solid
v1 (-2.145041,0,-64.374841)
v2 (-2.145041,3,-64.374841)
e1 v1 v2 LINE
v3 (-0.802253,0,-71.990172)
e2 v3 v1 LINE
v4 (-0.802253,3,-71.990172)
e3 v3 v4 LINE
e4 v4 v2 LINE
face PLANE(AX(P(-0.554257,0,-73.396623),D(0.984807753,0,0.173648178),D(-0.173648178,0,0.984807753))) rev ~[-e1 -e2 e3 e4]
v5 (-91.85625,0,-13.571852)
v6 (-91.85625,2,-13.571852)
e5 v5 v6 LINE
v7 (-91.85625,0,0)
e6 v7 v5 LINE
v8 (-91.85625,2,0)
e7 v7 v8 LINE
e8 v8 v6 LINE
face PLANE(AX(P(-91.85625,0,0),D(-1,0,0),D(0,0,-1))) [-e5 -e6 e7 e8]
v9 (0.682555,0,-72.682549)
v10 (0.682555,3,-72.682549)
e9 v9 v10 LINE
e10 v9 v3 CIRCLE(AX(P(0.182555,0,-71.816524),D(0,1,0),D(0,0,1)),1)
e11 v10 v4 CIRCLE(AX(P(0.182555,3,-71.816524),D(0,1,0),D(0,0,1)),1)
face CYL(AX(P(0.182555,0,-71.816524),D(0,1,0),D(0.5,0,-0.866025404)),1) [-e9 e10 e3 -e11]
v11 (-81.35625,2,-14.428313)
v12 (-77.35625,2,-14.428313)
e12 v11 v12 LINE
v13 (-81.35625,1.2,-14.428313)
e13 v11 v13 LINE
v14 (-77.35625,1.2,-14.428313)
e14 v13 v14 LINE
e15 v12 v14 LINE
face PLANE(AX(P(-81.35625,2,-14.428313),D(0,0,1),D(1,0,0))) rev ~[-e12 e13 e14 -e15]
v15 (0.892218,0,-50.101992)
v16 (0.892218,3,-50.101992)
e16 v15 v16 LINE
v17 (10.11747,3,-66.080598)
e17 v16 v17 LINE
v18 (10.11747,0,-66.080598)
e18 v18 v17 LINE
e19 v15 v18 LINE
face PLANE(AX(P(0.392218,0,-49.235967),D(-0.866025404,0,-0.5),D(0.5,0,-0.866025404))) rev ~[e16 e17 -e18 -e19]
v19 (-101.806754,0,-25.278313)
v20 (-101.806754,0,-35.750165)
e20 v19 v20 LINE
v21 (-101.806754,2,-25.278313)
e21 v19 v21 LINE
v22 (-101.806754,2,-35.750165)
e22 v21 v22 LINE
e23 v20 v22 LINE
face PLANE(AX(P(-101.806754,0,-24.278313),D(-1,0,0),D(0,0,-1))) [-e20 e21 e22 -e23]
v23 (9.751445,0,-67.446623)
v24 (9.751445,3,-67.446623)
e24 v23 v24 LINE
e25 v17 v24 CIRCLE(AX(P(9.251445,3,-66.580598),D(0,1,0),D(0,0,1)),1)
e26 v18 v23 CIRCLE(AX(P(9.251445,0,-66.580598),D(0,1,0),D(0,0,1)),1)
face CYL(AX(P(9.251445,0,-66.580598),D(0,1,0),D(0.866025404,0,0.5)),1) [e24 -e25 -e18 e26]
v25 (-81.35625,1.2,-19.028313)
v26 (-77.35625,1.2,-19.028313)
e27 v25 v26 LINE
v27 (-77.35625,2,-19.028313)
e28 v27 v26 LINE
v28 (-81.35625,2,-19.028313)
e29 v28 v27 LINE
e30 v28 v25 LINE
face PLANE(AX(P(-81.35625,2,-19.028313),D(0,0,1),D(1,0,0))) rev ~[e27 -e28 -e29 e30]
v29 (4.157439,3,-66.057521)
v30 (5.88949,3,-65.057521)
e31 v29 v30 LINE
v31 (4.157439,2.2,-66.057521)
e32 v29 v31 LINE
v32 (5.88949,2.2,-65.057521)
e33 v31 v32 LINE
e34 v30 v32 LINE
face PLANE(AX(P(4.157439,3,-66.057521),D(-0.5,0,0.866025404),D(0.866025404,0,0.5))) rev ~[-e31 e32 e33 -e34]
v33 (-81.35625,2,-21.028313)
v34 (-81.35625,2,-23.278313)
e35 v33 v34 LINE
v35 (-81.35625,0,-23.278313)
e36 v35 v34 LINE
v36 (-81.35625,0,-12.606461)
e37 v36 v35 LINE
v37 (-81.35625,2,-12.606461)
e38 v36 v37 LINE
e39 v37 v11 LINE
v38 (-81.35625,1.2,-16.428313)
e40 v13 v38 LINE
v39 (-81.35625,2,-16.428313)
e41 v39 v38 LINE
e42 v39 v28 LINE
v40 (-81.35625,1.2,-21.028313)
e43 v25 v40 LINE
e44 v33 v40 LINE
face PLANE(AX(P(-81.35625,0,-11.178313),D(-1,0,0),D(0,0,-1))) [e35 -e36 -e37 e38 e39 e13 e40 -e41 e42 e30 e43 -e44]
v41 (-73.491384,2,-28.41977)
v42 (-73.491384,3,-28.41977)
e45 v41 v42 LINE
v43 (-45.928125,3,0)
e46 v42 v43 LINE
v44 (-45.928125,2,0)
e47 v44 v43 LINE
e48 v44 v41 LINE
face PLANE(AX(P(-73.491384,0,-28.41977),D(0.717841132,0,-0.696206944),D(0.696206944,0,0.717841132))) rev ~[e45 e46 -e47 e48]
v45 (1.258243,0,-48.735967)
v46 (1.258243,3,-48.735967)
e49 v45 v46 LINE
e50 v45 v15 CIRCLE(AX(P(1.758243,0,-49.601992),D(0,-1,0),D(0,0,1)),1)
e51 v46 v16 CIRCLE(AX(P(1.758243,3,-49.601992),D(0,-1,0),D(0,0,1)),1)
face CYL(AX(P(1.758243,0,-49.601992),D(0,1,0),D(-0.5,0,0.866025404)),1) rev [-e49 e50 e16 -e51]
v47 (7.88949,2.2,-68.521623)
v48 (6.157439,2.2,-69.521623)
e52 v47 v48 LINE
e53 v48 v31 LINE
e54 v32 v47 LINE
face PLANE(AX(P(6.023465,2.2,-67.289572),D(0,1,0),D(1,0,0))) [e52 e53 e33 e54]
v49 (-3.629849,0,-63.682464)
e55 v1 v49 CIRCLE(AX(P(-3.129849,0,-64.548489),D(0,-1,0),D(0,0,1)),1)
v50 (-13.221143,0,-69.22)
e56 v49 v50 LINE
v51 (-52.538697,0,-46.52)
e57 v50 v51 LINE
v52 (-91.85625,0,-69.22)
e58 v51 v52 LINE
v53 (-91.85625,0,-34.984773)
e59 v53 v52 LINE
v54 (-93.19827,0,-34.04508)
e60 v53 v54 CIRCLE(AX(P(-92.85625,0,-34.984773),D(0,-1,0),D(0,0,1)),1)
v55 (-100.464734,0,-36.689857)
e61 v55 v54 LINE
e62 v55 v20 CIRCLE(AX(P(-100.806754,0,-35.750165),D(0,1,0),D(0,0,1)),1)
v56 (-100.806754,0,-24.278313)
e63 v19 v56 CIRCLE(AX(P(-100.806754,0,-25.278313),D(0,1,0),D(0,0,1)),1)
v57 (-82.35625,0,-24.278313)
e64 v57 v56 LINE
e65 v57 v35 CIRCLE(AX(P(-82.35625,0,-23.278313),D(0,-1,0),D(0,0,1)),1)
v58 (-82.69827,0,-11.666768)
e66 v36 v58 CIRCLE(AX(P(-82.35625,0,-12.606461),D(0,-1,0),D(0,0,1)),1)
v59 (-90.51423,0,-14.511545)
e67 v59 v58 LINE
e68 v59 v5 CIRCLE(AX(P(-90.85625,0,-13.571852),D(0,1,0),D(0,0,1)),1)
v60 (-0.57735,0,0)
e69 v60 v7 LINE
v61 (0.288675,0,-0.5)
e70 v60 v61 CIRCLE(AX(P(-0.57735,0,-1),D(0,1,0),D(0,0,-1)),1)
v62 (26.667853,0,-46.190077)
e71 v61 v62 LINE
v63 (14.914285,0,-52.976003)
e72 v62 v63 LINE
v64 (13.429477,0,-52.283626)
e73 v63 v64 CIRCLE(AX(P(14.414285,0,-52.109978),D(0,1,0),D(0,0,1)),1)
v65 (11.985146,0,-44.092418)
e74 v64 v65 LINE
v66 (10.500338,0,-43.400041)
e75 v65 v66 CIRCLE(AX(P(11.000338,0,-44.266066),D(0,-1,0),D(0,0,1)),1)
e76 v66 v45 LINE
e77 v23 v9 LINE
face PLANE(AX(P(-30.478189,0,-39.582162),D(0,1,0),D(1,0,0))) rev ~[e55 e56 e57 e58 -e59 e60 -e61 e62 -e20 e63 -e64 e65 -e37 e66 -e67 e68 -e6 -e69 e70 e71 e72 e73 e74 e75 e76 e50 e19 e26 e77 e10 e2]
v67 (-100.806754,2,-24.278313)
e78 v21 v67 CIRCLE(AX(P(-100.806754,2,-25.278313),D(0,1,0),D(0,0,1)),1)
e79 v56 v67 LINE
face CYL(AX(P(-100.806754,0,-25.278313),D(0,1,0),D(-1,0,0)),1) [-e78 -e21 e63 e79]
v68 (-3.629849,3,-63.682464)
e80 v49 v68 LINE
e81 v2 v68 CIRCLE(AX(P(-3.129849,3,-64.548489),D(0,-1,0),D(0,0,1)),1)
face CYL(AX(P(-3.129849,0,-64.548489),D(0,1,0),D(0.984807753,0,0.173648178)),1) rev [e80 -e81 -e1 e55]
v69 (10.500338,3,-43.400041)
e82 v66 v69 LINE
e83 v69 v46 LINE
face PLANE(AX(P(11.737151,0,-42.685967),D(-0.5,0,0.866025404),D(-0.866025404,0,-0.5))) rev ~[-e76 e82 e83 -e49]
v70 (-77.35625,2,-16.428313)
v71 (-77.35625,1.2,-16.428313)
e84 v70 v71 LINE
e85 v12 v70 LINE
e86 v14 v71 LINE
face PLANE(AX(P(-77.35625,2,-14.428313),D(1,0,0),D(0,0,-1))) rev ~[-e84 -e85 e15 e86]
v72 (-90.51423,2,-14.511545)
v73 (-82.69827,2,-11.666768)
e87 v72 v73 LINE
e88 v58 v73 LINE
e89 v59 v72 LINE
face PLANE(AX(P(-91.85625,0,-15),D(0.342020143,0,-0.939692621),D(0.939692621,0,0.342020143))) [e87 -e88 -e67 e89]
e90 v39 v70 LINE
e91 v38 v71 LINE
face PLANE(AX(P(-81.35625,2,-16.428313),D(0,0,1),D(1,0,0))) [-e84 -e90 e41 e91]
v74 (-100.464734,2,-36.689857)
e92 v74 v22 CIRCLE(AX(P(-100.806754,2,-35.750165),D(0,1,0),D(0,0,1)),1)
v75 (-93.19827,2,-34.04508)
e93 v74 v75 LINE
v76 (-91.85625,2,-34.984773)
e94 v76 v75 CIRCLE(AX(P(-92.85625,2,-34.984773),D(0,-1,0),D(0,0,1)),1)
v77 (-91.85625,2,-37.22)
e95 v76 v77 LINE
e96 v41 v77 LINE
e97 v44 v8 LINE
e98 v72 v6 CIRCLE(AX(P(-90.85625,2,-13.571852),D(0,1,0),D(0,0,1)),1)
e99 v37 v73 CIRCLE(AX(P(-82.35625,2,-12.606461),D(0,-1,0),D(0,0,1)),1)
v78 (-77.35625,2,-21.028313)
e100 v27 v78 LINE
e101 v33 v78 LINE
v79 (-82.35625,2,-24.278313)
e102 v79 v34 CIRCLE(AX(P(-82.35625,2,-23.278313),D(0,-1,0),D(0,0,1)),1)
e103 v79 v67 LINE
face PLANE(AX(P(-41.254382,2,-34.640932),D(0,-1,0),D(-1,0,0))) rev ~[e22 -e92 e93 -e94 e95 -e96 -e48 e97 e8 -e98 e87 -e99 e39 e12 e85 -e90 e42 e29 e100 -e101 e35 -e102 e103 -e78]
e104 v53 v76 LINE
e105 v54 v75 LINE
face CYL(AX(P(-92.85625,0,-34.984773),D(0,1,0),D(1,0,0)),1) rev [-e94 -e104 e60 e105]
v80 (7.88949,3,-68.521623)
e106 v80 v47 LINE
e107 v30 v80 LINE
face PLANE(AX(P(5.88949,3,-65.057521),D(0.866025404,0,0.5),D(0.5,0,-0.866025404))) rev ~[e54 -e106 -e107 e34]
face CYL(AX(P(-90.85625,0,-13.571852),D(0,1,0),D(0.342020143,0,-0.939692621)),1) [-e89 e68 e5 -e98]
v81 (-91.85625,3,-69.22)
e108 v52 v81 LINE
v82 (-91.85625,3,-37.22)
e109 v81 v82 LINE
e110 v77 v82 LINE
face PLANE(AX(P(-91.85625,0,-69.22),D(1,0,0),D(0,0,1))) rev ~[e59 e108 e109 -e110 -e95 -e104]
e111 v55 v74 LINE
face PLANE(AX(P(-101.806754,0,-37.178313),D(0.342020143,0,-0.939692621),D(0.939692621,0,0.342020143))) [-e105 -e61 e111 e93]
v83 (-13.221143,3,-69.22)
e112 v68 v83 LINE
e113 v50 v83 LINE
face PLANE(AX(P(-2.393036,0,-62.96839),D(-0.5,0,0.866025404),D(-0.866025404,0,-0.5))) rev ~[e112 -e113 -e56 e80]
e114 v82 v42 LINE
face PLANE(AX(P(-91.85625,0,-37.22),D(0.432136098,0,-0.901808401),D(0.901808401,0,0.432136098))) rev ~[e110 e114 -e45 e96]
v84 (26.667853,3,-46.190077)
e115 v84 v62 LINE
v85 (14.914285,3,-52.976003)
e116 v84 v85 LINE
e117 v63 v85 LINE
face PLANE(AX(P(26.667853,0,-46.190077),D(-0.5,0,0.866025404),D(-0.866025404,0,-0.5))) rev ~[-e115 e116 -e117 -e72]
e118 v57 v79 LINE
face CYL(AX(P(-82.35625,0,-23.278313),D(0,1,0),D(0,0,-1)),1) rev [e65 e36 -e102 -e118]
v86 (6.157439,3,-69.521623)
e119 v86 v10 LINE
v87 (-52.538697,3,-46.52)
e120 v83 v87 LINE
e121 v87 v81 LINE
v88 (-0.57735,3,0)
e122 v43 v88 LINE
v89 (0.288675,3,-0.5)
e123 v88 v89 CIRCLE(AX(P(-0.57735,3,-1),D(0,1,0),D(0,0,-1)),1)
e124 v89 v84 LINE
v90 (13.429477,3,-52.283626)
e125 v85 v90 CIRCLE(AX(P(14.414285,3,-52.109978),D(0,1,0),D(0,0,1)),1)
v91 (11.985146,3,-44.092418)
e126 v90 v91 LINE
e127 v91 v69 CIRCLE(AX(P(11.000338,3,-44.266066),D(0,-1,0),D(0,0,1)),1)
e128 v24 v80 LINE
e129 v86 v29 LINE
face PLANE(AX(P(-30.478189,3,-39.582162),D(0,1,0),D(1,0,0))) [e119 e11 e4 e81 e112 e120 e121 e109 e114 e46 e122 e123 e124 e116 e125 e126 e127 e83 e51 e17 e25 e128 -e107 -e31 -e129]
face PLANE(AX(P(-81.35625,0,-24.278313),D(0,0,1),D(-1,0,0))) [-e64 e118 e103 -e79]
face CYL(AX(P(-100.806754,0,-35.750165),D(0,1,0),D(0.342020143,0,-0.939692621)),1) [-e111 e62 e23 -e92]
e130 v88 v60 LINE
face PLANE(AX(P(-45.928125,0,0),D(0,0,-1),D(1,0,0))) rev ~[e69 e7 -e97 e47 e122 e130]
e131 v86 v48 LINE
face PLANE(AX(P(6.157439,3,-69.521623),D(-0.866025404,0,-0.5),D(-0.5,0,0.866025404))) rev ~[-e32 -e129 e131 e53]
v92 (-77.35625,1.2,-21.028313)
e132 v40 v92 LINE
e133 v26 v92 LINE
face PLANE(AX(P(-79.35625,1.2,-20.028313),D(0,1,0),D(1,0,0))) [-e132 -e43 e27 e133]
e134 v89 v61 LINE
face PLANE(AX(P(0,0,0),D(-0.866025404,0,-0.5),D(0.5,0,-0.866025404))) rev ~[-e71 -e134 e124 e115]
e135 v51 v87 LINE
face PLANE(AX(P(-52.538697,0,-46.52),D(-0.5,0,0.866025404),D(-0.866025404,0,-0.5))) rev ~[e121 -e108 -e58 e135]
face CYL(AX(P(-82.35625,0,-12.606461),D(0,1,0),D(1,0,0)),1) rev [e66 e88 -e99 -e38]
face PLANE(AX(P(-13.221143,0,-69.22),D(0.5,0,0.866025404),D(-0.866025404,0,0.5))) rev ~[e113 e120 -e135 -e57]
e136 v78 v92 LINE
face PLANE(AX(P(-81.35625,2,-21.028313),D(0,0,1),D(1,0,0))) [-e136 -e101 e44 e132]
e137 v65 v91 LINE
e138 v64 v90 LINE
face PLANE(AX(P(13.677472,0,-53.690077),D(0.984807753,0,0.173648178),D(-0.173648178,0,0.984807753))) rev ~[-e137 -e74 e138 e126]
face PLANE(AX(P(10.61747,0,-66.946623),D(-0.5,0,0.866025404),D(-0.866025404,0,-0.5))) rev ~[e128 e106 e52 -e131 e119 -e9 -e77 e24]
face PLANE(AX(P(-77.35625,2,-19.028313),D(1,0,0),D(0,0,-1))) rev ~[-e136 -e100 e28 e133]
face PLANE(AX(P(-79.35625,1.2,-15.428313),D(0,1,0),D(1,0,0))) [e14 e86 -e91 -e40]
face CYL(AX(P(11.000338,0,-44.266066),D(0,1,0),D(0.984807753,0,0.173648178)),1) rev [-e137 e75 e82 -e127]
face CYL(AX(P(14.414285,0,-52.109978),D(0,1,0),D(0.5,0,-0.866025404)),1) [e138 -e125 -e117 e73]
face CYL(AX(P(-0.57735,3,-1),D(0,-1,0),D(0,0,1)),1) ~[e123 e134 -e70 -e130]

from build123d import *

# Parameters (mm, degrees)
P_IDAT_VYSUNUT_M1_DEPTH  = 3
P_IDAT_VYSUNUT_M2_DEPTH  = 2
ZAOBLIT1_R               = 1
SKICA3_W                 = 4
SKICA3_H                 = 2
ODEBRAT_VYSUNUT_M1_DEPTH = 0.8
ODEBRAT_VYSUNUT_M2_DEPTH = 0.8


with BuildPart() as part:
    # Skica1 → P_idat vysunut_m1 (new body)
    with BuildSketch(Plane(origin=(0, 0, 0), x_dir=(1, 0, 0), z_dir=(0, 1, 0))):
        Polygon((26.667853432, 46.190077074), (13.677472376, 53.690077074), (11.737150801, 42.685966604), (0.392218012, 49.235966604), (10.61747027, 66.946623035), (-0.554257439, 73.396623035), (-2.393036353, 62.968389614), (-13.22114317, 69.22), (-52.538696502, 46.52), (-91.856249834, 69.22), (-91.856249834, 37.22), (-73.49138407, 28.419769911), (-45.928124917, 0), (0, 0), align=None)
    extrude(amount=P_IDAT_VYSUNUT_M1_DEPTH)

    # Skica1_15 → P_idat vysunut_m2 (add)
    with BuildSketch(Plane(origin=(0, 0, 0), x_dir=(1, 0, 0), z_dir=(0, 1, 0))):
        Polygon((13.677472376, 53.690077074), (26.667853432, 46.190077074), (0, 0), (-91.856249834, 0), (-91.856249834, 15), (-81.356249834, 11.17831254), (-81.356249834, 24.27831254), (-101.80675435, 24.27831254), (-101.80675435, 37.17831254), (-91.856249834, 33.55662508), (-91.856249834, 69.22), (-52.538696502, 46.52), (-13.22114317, 69.22), (-2.393036353, 62.968389614), (-0.554257439, 73.396623035), (10.61747027, 66.946623035), (0.392218012, 49.235966604), (11.737150801, 42.685966604), align=None)
    extrude(amount=P_IDAT_VYSUNUT_M2_DEPTH)

    # Zaoblit1
    zaoblit1_edges = [part.edges().sort_by_distance(p)[0] for p in [
        (10.61747027, 1.5, -66.946623035),
        (0.392218012, 1.5, -49.235966604),
        (11.737150801, 1.5, -42.685966604),
        (13.677472376, 1.5, -53.690077074),
        (0, 1.5, 0),
        (-2.393036353, 1.5, -62.968389614),
        (-0.554257439, 1.5, -73.396623035),
        (-91.856249834, 1, -33.55662508),
        (-101.80675435, 1, -37.17831254),
        (-101.80675435, 1, -24.27831254),
        (-81.356249834, 1, -24.27831254),
        (-81.356249834, 1, -11.17831254),
        (-91.856249834, 1, -15),
    ]]
    fillet(zaoblit1_edges, radius=ZAOBLIT1_R)

    # Skica3 → Odebrat vysunut_m1 (cut)
    with BuildSketch(Plane(origin=(0, 2, 0), x_dir=(1, 0, 0), z_dir=(0, 1, 0))):
        with Locations((-79.356249834, 20.02831254)):
            Rectangle(SKICA3_W, SKICA3_H)
        with Locations((-79.356249834, 15.42831254)):
            Rectangle(SKICA3_W, SKICA3_H)
    extrude(amount=-ODEBRAT_VYSUNUT_M1_DEPTH, mode=Mode.SUBTRACT)

    # Skica4 → Odebrat vysunut_m2 (cut)
    with BuildSketch(Plane(origin=(0, 3, 0), x_dir=(1, 0, 0), z_dir=(0, 1, 0))):
        Polygon((4.15743944, 66.05752142), (5.889490248, 65.05752142), (7.889490248, 68.521623035), (6.15743944, 69.521623035), align=None)
    extrude(amount=-ODEBRAT_VYSUNUT_M2_DEPTH, mode=Mode.SUBTRACT)


solid = part.part
